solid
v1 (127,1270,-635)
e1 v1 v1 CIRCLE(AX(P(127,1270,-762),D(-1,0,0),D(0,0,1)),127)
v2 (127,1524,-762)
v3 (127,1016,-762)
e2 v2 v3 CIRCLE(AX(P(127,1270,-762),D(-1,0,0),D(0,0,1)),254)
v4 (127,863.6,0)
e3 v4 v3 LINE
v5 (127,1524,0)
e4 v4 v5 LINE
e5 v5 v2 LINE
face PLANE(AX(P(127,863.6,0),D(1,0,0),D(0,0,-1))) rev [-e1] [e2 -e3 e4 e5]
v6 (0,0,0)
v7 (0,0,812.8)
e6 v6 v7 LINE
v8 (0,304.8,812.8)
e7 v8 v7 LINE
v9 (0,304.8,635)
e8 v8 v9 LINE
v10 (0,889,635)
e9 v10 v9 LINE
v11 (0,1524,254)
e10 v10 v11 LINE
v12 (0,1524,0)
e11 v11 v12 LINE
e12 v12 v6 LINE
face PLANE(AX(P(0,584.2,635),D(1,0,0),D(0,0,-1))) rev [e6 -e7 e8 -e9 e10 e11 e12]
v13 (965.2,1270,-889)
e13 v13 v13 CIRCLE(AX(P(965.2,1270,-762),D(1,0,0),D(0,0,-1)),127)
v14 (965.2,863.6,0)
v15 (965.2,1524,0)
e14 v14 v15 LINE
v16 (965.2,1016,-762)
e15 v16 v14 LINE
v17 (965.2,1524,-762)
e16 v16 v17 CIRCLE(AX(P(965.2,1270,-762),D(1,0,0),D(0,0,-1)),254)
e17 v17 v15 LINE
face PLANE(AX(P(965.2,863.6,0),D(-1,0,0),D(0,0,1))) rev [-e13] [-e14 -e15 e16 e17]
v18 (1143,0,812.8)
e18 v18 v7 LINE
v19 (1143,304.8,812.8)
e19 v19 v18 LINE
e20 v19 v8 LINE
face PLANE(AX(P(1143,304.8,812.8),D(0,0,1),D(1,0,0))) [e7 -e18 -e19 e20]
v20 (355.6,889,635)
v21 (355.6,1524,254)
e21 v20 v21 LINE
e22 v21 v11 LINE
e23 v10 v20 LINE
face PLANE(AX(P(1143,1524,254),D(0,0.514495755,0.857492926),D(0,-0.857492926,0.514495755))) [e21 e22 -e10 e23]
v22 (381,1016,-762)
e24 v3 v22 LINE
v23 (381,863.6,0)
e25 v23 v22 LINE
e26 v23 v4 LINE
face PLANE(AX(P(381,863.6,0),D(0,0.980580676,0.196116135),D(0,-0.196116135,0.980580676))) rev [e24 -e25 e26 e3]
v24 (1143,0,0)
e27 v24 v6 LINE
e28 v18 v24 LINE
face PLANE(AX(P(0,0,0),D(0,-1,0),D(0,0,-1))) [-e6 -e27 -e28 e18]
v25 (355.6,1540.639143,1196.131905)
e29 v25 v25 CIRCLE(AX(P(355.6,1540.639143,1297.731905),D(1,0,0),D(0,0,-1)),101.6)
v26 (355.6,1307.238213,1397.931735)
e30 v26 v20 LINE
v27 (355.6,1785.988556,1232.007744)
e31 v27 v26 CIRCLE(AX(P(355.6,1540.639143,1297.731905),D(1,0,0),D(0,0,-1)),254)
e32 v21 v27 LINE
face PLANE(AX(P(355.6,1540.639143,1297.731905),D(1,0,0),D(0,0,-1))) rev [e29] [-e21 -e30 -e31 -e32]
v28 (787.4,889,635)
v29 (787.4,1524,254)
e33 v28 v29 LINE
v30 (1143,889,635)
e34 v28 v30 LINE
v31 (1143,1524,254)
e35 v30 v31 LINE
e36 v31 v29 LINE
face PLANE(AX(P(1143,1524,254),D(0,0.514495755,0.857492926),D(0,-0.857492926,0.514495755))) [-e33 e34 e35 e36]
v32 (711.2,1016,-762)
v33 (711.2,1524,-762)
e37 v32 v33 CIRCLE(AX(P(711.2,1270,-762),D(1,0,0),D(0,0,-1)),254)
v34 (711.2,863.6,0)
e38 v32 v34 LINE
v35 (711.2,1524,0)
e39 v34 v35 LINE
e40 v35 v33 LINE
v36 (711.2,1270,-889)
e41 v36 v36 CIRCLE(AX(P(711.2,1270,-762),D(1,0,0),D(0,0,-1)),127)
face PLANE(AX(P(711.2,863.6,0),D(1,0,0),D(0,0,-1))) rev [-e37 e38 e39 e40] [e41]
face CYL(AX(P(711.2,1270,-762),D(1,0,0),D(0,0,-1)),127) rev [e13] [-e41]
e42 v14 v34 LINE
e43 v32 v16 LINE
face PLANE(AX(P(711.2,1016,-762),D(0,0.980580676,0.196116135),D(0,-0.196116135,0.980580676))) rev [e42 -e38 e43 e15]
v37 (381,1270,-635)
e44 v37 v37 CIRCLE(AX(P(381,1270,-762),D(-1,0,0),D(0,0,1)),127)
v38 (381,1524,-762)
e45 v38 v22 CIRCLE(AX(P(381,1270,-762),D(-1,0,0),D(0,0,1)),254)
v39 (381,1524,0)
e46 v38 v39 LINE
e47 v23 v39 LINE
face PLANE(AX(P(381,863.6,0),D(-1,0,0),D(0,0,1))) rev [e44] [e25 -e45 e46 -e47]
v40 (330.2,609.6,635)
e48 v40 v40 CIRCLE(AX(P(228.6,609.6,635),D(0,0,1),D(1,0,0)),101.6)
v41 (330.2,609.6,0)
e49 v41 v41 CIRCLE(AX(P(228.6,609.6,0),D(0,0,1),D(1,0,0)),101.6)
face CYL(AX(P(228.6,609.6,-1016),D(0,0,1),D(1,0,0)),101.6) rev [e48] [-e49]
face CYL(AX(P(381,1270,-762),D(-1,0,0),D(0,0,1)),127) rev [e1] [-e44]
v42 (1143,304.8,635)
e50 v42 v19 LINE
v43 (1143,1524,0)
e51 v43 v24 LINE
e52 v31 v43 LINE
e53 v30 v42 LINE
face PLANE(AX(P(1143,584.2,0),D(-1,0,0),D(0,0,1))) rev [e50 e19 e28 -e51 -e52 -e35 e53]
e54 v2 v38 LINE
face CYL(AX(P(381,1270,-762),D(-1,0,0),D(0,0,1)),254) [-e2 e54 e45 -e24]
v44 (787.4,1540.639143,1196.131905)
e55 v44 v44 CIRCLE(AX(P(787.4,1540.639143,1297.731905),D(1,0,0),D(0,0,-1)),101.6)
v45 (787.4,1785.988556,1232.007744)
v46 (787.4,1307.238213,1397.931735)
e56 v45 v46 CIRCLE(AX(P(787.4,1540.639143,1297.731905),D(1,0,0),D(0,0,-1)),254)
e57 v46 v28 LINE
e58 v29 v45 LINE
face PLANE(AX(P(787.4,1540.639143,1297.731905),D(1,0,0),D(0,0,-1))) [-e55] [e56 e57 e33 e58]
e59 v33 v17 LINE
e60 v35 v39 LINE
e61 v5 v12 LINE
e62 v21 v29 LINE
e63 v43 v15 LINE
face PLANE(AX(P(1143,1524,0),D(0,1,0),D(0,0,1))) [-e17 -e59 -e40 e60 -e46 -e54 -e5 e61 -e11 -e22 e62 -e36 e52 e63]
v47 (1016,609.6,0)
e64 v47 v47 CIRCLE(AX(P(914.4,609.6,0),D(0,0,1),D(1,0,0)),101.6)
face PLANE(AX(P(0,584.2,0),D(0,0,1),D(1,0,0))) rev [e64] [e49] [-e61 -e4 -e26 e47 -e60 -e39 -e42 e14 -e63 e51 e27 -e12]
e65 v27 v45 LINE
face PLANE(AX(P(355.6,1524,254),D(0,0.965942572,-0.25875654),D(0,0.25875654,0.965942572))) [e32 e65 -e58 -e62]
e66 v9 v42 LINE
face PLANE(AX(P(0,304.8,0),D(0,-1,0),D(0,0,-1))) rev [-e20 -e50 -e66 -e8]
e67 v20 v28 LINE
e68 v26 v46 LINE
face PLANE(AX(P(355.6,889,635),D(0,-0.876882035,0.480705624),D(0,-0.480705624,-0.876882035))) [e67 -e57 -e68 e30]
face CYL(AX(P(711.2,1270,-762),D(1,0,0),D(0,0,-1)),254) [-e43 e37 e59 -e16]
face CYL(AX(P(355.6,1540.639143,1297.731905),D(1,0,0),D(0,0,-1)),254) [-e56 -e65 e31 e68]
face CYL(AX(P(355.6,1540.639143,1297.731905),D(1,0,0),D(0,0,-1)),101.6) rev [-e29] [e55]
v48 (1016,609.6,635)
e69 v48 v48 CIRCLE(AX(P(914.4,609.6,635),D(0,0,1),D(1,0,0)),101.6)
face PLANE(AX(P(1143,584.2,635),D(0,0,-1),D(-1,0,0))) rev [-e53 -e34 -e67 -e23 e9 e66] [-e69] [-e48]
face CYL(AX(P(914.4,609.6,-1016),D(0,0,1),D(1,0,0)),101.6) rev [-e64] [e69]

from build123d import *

# Parameters (mm, degrees)
SKETCH1_W                 = 1143
SKETCH1_H                 = 635
BOSS_EXTRUDE1_DEPTH       = 584.2
SKETCH2_W                 = 1143
SKETCH2_H                 = 177.8
BOSS_EXTRUDE2_DEPTH       = 304.8
SKETCH4_W                 = 1143
SKETCH4_H                 = 635
BOSS_EXTRUDE3_DEPTH       = 304.8
SKETCH5_W                 = 254
SKETCH5_H                 = 1524
BOSS_EXTRUDE4_DEPTH       = 1143
BOSS_EXTRUDE5_DEPTH       = 1143
SKETCH8_W                 = 254
SKETCH8_H                 = 762
BOSS_EXTRUDE6_DEPTH       = 660.4
BOSS_EXTRUDE7_DEPTH       = 254
SKETCH10_R                = 127
CUT_EXTRUDE2_DEPTH        = 254
CUT_EXTRUDE3_DEPTH        = 254
SKETCH12_W                = 254
SKETCH12_H                = 762
BOSS_EXTRUDE8_DEPTH       = 660.4
SKETCH13_R                = 254
SKETCH13_R_2              = 127
BOSS_EXTRUDE9_DEPTH       = 254
SKETCH14_R                = 127
CUT_EXTRUDE4_DEPTH        = 254
SKETCH15_R                = 101.6
CUT_EXTRUDE5_DEPTH        = 1652
SKETCH16_R                = 101.6
BOSS_EXTRUDE10_DEPTH      = 215.9
BOSS_EXTRUDE10_DEPTH_BACK = 215.9


with BuildPart() as part:
    # Sketch1 → Boss-Extrude1 (new body)
    with BuildSketch(Plane(origin=(0, 0, 0), x_dir=(1, 0, 0), z_dir=(0, 1, 0))):
        with Locations((571.5, -317.5)):
            Rectangle(SKETCH1_W, SKETCH1_H)
    extrude(amount=BOSS_EXTRUDE1_DEPTH)

    # Sketch2 → Boss-Extrude2 (add)
    with BuildSketch(Plane.XZ):
        with Locations((571.5, 723.9)):
            Rectangle(SKETCH2_W, SKETCH2_H)
    extrude(amount=-BOSS_EXTRUDE2_DEPTH)

    # Sketch4 → Boss-Extrude3 (add)
    with BuildSketch(Plane(origin=(0, 584.2, 0), x_dir=(1, 0, 0), z_dir=(0, 1, 0))):
        with Locations((571.5, -317.5)):
            Rectangle(SKETCH4_W, SKETCH4_H)
    extrude(amount=BOSS_EXTRUDE3_DEPTH)

    # Sketch5 → Boss-Extrude4 (add)
    with BuildSketch(Plane.ZY):
        with Locations((127, 762)):
            Rectangle(SKETCH5_W, SKETCH5_H)
    extrude(amount=-BOSS_EXTRUDE4_DEPTH)

    # Sketch6 → Boss-Extrude5 (add)
    with BuildSketch(Plane.ZY):
        Polygon((254, 1524), (635, 889), (254, 889), align=None)
    extrude(amount=-BOSS_EXTRUDE5_DEPTH)

    # Sketch8 → Boss-Extrude6 (add)
    with BuildSketch(Plane(origin=(0, 1524, 0), x_dir=(1, 0, 0), z_dir=(0, 1, 0))):
        with Locations((254, 381)):
            Rectangle(SKETCH8_W, SKETCH8_H)
    extrude(amount=-BOSS_EXTRUDE6_DEPTH)

    # Sketch9 → Boss-Extrude7 (add)
    with BuildSketch(Plane.ZY.offset(-127)):
        with BuildLine():
            ThreePointArc((-508, 1270), (-582.394877579, 1449.605122421), (-762, 1524))
            Line((-762, 1524), (-762, 1397))
            ThreePointArc((-762, 1397), (-672.197438789, 1359.802561211), (-635, 1270))
            ThreePointArc((-635, 1270), (-672.197438789, 1180.197438789), (-762, 1143))
            Line((-762, 1143), (-762, 1016))
            ThreePointArc((-762, 1016), (-582.394877579, 1090.394877579), (-508, 1270))
        make_face()
        with BuildLine():
            Line((-762, 1397), (-762, 1524))
            ThreePointArc((-762, 1524), (-1016, 1270), (-762, 1016))
            Line((-762, 1016), (-762, 1143))
            ThreePointArc((-762, 1143), (-889, 1270), (-762, 1397))
        make_face()
    extrude(amount=-BOSS_EXTRUDE7_DEPTH)

    # Sketch10 → Cut-Extrude2 (cut)
    with BuildSketch(Plane.ZY.offset(-127)):
        with Locations((-762, 1270)):
            Circle(SKETCH10_R)
    extrude(amount=-CUT_EXTRUDE2_DEPTH, mode=Mode.SUBTRACT)

    # Sketch11 → Cut-Extrude3 (cut)
    with BuildSketch(Plane.ZY.offset(-127)):
        Polygon((-762, 863.6), (0, 863.6), (-762, 1016), align=None)
    extrude(amount=-CUT_EXTRUDE3_DEPTH, mode=Mode.SUBTRACT)

    # Sketch12 → Boss-Extrude8 (add)
    with BuildSketch(Plane(origin=(0, 1524, 0), x_dir=(1, 0, 0), z_dir=(0, 1, 0))):
        with Locations((838.2, 381)):
            Rectangle(SKETCH12_W, SKETCH12_H)
    extrude(amount=-BOSS_EXTRUDE8_DEPTH)

    # Sketch13 → Boss-Extrude9 (add)
    with BuildSketch(Plane(origin=(965.2, 0, 0), x_dir=(0, 0, -1), z_dir=(1, 0, 0))):
        with Locations((762, 1270)):
            Circle(SKETCH13_R)
        with Locations((762, 1270)):
            Circle(SKETCH13_R_2, mode=Mode.SUBTRACT)
    extrude(amount=-BOSS_EXTRUDE9_DEPTH)

    # Sketch14 → Cut-Extrude4 (cut)
    with BuildSketch(Plane(origin=(965.2, 0, 0), x_dir=(0, 0, -1), z_dir=(1, 0, 0))):
        with Locations((762, 1270)):
            Circle(SKETCH14_R)
        Polygon((762, 1016), (0, 863.6), (762, 863.6), align=None)
    extrude(amount=-CUT_EXTRUDE4_DEPTH, mode=Mode.SUBTRACT)

    # Sketch15 → Cut-Extrude5 (cut, through all)
    with BuildSketch(Plane.XY.offset(635)):
        with Locations((914.4, 609.6)):
            Circle(SKETCH15_R)
        with Locations((228.6, 609.6)):
            Circle(SKETCH15_R)
    extrude(amount=-CUT_EXTRUDE5_DEPTH, mode=Mode.SUBTRACT)

    # Sketch16 → Boss-Extrude10 (add, two sides)
    with BuildSketch(Plane(origin=(571.5, 0, 0), x_dir=(0, 0, -1), z_dir=(1, 0, 0))) as boss_extrude10_sk:
        with BuildLine():
            Line((-635, 889), (-1397.931735388, 1307.238213289))
            ThreePointArc((-1397.931735388, 1307.238213289), (-1537.726937635, 1623.815968567), (-1232.007743802, 1785.988556358))
            Line((-1232.007743802, 1785.988556358), (-254, 1524))
            Line((-254, 1524), (-635, 889))
        make_face()
        with Locations((-1297.731905002, 1540.639143001)):
            Circle(SKETCH16_R, mode=Mode.SUBTRACT)
    extrude(amount=BOSS_EXTRUDE10_DEPTH)
    extrude(boss_extrude10_sk.sketch, amount=-BOSS_EXTRUDE10_DEPTH_BACK)


solid = part.part
